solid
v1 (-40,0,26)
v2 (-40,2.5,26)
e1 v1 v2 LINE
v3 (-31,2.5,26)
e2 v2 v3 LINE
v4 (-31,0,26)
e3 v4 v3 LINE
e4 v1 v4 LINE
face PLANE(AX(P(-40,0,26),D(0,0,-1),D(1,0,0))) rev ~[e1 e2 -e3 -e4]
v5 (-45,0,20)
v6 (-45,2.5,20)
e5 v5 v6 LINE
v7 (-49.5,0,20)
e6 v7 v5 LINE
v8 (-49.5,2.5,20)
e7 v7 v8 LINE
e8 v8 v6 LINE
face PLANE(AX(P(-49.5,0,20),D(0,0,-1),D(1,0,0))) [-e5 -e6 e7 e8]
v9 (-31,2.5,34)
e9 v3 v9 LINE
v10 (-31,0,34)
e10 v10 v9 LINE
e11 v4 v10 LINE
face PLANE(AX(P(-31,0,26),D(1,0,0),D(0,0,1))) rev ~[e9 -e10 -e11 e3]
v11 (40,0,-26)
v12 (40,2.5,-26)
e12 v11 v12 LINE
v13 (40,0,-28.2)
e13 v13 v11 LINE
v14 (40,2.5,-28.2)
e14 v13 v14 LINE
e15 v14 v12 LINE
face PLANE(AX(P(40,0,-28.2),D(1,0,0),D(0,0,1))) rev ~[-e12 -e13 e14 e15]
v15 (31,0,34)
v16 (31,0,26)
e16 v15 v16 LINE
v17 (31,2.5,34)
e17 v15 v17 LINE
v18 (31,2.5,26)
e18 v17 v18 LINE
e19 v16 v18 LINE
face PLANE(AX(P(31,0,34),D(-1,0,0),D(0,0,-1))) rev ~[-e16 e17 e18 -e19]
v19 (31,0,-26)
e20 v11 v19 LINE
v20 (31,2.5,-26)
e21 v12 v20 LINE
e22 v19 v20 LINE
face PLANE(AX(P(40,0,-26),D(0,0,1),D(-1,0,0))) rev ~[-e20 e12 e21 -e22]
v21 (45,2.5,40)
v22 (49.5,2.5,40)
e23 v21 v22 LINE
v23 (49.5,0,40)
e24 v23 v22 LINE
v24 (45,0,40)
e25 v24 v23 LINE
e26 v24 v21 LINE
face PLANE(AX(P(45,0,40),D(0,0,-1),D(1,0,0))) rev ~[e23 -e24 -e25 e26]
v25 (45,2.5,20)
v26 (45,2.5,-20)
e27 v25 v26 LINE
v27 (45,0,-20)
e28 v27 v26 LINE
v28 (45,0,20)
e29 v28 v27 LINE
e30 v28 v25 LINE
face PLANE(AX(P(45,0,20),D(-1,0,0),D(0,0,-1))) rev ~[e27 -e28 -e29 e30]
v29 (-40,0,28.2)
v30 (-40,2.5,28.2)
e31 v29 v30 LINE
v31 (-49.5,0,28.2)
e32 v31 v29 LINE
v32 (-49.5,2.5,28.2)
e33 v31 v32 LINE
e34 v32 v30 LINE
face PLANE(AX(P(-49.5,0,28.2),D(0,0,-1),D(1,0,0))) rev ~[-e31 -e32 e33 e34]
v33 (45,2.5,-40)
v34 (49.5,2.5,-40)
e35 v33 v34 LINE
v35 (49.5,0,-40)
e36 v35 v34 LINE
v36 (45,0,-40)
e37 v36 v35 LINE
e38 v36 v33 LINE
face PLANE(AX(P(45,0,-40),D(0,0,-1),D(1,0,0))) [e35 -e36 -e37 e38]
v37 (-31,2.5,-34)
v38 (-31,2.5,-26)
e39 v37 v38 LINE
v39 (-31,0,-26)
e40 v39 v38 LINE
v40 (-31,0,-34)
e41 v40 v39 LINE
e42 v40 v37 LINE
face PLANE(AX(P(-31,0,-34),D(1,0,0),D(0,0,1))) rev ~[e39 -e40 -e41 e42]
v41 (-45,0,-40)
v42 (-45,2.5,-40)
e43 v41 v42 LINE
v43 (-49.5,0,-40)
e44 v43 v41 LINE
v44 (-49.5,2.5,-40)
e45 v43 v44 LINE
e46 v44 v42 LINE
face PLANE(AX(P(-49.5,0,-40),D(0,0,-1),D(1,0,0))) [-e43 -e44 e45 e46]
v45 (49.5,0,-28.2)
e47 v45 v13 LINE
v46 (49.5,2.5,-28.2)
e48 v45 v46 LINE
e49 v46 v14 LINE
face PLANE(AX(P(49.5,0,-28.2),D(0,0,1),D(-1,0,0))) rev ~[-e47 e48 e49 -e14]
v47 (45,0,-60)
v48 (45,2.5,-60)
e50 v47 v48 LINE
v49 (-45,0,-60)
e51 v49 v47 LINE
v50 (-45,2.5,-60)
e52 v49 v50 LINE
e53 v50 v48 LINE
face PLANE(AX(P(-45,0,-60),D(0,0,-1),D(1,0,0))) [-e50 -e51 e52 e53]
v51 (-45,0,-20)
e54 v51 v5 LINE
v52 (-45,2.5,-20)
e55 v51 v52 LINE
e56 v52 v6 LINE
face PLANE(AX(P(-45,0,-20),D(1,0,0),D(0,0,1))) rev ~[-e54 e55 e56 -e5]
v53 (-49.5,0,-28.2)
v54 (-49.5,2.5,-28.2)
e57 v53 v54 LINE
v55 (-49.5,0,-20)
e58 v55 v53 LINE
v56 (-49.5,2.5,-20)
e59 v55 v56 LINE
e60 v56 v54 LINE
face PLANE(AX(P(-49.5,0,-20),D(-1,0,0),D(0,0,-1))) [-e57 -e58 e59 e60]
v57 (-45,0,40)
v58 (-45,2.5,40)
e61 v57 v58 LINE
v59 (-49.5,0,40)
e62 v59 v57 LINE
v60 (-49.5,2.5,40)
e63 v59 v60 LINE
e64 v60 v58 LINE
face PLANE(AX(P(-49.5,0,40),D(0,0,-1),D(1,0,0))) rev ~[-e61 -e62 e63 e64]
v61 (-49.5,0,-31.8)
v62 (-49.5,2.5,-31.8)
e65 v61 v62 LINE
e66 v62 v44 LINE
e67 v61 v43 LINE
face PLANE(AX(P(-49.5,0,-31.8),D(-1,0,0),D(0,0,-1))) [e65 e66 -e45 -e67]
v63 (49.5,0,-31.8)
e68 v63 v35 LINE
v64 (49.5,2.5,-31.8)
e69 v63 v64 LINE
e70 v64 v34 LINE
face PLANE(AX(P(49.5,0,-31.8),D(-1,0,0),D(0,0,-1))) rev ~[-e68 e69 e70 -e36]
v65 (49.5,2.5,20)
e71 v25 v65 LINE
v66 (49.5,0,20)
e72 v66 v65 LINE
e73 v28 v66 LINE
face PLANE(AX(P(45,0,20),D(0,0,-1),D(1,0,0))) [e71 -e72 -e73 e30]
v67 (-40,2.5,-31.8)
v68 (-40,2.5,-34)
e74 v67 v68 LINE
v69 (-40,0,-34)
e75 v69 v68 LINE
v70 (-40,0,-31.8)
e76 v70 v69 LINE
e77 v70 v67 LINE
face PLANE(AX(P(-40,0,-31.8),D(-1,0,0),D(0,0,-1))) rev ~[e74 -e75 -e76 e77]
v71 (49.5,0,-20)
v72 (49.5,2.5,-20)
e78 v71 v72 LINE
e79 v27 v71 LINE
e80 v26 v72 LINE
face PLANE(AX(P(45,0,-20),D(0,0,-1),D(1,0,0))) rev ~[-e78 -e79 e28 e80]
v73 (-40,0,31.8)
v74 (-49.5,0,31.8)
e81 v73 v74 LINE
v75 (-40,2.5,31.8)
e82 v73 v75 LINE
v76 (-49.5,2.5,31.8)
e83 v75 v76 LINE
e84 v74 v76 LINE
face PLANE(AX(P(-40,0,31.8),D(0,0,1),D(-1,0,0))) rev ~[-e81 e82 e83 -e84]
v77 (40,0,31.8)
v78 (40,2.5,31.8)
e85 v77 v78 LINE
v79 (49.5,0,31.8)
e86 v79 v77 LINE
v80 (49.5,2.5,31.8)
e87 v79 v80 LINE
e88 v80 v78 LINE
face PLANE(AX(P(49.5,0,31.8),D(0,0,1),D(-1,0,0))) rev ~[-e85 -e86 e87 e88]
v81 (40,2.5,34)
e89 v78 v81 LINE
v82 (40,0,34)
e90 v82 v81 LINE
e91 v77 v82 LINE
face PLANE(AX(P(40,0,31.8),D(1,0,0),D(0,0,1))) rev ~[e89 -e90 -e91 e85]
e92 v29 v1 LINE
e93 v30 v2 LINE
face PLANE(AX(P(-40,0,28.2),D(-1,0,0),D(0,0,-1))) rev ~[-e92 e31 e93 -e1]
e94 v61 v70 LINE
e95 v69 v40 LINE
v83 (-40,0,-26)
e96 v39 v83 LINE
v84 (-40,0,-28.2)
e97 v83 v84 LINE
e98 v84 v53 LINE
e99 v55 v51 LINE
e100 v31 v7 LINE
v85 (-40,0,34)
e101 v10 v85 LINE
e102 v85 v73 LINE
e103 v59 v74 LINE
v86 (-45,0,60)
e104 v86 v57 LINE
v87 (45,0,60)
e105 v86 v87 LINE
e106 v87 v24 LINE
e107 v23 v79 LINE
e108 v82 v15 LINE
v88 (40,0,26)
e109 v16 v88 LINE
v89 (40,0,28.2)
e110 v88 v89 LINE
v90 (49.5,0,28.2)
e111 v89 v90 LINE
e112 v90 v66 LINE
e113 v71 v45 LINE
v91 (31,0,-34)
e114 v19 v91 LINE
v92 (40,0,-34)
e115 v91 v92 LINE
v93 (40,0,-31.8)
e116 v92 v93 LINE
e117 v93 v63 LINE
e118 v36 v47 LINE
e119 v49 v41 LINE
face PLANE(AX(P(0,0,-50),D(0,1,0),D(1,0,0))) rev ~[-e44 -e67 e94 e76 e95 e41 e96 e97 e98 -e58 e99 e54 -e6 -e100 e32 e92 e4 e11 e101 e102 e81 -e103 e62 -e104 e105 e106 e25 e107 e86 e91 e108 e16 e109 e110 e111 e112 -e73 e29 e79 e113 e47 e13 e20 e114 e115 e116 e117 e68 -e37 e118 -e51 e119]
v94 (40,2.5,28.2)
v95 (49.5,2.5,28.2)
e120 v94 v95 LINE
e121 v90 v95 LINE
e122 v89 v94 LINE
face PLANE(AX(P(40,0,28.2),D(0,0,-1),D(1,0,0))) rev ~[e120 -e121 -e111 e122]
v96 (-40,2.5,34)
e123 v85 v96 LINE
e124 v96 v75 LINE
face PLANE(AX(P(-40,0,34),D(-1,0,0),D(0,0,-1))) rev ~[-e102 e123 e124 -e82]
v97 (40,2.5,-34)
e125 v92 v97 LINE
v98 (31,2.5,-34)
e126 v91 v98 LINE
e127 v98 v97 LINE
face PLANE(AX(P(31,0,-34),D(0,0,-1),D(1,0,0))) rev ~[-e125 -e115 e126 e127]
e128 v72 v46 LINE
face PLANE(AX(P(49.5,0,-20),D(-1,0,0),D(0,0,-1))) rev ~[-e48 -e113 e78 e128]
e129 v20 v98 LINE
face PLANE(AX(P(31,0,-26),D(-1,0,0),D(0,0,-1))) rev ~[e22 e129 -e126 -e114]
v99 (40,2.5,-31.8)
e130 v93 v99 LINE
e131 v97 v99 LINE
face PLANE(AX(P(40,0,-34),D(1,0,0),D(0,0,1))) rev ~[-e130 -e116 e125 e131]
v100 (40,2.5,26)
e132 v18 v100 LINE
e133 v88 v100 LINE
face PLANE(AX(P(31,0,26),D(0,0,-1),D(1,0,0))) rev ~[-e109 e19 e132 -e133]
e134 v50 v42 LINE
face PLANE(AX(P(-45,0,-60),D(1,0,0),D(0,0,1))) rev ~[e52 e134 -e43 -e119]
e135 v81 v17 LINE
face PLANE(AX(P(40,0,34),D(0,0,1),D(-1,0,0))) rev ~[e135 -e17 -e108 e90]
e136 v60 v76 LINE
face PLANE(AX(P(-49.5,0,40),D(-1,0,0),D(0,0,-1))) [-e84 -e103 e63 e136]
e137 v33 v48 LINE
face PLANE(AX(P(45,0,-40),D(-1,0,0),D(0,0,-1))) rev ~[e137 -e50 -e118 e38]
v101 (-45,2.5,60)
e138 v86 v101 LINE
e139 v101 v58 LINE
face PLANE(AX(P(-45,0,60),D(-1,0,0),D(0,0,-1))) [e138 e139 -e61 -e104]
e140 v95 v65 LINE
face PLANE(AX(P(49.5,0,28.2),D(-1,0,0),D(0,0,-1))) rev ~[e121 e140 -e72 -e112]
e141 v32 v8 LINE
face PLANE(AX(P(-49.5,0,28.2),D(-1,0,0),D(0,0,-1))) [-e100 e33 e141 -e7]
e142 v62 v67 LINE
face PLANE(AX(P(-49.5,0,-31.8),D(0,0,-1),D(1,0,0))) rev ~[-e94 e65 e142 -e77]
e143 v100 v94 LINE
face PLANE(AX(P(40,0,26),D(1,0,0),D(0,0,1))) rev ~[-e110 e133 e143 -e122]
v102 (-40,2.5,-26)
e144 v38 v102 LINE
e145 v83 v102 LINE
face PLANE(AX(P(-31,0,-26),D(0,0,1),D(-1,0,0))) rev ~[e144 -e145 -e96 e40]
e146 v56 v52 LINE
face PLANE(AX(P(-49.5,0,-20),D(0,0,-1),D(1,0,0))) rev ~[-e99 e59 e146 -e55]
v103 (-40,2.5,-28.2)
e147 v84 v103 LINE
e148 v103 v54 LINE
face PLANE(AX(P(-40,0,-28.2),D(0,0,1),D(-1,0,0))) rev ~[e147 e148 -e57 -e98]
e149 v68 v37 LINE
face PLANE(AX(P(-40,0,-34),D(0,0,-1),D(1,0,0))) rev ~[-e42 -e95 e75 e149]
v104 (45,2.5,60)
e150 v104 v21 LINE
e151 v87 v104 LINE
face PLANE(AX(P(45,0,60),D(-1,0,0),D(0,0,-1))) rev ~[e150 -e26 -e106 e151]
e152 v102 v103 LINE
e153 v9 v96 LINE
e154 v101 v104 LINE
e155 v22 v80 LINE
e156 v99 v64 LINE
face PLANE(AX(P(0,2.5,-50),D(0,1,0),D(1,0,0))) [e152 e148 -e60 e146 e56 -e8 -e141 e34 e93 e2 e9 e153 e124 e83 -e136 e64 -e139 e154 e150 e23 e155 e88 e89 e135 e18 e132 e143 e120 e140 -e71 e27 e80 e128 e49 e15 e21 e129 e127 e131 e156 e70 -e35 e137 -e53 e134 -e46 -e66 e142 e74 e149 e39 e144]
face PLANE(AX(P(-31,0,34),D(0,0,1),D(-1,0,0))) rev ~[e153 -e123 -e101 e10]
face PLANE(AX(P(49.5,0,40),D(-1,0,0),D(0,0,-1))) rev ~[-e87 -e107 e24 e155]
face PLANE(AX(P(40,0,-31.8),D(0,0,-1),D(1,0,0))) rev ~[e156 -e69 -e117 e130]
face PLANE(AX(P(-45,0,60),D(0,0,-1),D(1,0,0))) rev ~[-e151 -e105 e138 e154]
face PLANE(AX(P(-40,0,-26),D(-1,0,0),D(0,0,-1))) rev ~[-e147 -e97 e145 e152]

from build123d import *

# Parameters (mm, degrees)
SKETCH1_W           = 90
SKETCH1_H           = 20
SKETCH1_W_2         = 4.5
SKETCH1_H_2         = 8.2
SKETCH1_W_3         = 62
SKETCH1_H_3         = 3.6
SKETCH1_H_4         = 40
BOSS_EXTRUDE1_DEPTH = 2.5


with BuildPart() as part:
    # Sketch1 → Boss-Extrude1 (new body)
    with BuildSketch(Plane(origin=(0, 0, 0), x_dir=(1, 0, 0), z_dir=(0, 1, 0))):
        with Locations((0, 50)):
            Rectangle(SKETCH1_W, SKETCH1_H)
        Polygon((-45, 40), (-45, 31.8), (-40, 31.8), (-40, 34), (-31, 34), (-31, 31.8), (31, 31.8), (31, 34), (40, 34), (40, 31.8), (45, 31.8), (45, 40), align=None)
        with Locations((-47.25, 35.9)):
            Rectangle(SKETCH1_W_2, SKETCH1_H_2)
        with Locations((-47.25, 24.1)):
            Rectangle(SKETCH1_W_2, SKETCH1_H_2)
        Polygon((-45, 28.2), (-45, 20), (45, 20), (45, 28.2), (40, 28.2), (40, 26), (31, 26), (31, 28.2), (-31, 28.2), (-31, 26), (-40, 26), (-40, 28.2), align=None)
        with Locations((0, 30)):
            Rectangle(SKETCH1_W_3, SKETCH1_H_3)
        Rectangle(SKETCH1_W, SKETCH1_H_4)
        Polygon((-45, -20), (-45, -28.2), (-40, -28.2), (-40, -26), (-31, -26), (-31, -28.2), (31, -28.2), (31, -26), (40, -26), (40, -28.2), (45, -28.2), (45, -20), align=None)
        with Locations((-47.25, -24.1)):
            Rectangle(SKETCH1_W_2, SKETCH1_H_2)
        with Locations((-47.25, -35.9)):
            Rectangle(SKETCH1_W_2, SKETCH1_H_2)
        Polygon((-45, -31.8), (-45, -40), (45, -40), (45, -31.8), (40, -31.8), (40, -34), (31, -34), (31, -31.8), (-31, -31.8), (-31, -34), (-40, -34), (-40, -31.8), align=None)
        with Locations((0, -30)):
            Rectangle(SKETCH1_W_3, SKETCH1_H_3)
        with Locations((47.25, -24.1)):
            Rectangle(SKETCH1_W_2, SKETCH1_H_2)
        with Locations((47.25, -35.9)):
            Rectangle(SKETCH1_W_2, SKETCH1_H_2)
        with Locations((47.25, 24.1)):
            Rectangle(SKETCH1_W_2, SKETCH1_H_2)
        with Locations((47.25, 35.9)):
            Rectangle(SKETCH1_W_2, SKETCH1_H_2)
        with Locations((0, -50)):
            Rectangle(SKETCH1_W, SKETCH1_H)
    extrude(amount=BOSS_EXTRUDE1_DEPTH)


solid = part.part
